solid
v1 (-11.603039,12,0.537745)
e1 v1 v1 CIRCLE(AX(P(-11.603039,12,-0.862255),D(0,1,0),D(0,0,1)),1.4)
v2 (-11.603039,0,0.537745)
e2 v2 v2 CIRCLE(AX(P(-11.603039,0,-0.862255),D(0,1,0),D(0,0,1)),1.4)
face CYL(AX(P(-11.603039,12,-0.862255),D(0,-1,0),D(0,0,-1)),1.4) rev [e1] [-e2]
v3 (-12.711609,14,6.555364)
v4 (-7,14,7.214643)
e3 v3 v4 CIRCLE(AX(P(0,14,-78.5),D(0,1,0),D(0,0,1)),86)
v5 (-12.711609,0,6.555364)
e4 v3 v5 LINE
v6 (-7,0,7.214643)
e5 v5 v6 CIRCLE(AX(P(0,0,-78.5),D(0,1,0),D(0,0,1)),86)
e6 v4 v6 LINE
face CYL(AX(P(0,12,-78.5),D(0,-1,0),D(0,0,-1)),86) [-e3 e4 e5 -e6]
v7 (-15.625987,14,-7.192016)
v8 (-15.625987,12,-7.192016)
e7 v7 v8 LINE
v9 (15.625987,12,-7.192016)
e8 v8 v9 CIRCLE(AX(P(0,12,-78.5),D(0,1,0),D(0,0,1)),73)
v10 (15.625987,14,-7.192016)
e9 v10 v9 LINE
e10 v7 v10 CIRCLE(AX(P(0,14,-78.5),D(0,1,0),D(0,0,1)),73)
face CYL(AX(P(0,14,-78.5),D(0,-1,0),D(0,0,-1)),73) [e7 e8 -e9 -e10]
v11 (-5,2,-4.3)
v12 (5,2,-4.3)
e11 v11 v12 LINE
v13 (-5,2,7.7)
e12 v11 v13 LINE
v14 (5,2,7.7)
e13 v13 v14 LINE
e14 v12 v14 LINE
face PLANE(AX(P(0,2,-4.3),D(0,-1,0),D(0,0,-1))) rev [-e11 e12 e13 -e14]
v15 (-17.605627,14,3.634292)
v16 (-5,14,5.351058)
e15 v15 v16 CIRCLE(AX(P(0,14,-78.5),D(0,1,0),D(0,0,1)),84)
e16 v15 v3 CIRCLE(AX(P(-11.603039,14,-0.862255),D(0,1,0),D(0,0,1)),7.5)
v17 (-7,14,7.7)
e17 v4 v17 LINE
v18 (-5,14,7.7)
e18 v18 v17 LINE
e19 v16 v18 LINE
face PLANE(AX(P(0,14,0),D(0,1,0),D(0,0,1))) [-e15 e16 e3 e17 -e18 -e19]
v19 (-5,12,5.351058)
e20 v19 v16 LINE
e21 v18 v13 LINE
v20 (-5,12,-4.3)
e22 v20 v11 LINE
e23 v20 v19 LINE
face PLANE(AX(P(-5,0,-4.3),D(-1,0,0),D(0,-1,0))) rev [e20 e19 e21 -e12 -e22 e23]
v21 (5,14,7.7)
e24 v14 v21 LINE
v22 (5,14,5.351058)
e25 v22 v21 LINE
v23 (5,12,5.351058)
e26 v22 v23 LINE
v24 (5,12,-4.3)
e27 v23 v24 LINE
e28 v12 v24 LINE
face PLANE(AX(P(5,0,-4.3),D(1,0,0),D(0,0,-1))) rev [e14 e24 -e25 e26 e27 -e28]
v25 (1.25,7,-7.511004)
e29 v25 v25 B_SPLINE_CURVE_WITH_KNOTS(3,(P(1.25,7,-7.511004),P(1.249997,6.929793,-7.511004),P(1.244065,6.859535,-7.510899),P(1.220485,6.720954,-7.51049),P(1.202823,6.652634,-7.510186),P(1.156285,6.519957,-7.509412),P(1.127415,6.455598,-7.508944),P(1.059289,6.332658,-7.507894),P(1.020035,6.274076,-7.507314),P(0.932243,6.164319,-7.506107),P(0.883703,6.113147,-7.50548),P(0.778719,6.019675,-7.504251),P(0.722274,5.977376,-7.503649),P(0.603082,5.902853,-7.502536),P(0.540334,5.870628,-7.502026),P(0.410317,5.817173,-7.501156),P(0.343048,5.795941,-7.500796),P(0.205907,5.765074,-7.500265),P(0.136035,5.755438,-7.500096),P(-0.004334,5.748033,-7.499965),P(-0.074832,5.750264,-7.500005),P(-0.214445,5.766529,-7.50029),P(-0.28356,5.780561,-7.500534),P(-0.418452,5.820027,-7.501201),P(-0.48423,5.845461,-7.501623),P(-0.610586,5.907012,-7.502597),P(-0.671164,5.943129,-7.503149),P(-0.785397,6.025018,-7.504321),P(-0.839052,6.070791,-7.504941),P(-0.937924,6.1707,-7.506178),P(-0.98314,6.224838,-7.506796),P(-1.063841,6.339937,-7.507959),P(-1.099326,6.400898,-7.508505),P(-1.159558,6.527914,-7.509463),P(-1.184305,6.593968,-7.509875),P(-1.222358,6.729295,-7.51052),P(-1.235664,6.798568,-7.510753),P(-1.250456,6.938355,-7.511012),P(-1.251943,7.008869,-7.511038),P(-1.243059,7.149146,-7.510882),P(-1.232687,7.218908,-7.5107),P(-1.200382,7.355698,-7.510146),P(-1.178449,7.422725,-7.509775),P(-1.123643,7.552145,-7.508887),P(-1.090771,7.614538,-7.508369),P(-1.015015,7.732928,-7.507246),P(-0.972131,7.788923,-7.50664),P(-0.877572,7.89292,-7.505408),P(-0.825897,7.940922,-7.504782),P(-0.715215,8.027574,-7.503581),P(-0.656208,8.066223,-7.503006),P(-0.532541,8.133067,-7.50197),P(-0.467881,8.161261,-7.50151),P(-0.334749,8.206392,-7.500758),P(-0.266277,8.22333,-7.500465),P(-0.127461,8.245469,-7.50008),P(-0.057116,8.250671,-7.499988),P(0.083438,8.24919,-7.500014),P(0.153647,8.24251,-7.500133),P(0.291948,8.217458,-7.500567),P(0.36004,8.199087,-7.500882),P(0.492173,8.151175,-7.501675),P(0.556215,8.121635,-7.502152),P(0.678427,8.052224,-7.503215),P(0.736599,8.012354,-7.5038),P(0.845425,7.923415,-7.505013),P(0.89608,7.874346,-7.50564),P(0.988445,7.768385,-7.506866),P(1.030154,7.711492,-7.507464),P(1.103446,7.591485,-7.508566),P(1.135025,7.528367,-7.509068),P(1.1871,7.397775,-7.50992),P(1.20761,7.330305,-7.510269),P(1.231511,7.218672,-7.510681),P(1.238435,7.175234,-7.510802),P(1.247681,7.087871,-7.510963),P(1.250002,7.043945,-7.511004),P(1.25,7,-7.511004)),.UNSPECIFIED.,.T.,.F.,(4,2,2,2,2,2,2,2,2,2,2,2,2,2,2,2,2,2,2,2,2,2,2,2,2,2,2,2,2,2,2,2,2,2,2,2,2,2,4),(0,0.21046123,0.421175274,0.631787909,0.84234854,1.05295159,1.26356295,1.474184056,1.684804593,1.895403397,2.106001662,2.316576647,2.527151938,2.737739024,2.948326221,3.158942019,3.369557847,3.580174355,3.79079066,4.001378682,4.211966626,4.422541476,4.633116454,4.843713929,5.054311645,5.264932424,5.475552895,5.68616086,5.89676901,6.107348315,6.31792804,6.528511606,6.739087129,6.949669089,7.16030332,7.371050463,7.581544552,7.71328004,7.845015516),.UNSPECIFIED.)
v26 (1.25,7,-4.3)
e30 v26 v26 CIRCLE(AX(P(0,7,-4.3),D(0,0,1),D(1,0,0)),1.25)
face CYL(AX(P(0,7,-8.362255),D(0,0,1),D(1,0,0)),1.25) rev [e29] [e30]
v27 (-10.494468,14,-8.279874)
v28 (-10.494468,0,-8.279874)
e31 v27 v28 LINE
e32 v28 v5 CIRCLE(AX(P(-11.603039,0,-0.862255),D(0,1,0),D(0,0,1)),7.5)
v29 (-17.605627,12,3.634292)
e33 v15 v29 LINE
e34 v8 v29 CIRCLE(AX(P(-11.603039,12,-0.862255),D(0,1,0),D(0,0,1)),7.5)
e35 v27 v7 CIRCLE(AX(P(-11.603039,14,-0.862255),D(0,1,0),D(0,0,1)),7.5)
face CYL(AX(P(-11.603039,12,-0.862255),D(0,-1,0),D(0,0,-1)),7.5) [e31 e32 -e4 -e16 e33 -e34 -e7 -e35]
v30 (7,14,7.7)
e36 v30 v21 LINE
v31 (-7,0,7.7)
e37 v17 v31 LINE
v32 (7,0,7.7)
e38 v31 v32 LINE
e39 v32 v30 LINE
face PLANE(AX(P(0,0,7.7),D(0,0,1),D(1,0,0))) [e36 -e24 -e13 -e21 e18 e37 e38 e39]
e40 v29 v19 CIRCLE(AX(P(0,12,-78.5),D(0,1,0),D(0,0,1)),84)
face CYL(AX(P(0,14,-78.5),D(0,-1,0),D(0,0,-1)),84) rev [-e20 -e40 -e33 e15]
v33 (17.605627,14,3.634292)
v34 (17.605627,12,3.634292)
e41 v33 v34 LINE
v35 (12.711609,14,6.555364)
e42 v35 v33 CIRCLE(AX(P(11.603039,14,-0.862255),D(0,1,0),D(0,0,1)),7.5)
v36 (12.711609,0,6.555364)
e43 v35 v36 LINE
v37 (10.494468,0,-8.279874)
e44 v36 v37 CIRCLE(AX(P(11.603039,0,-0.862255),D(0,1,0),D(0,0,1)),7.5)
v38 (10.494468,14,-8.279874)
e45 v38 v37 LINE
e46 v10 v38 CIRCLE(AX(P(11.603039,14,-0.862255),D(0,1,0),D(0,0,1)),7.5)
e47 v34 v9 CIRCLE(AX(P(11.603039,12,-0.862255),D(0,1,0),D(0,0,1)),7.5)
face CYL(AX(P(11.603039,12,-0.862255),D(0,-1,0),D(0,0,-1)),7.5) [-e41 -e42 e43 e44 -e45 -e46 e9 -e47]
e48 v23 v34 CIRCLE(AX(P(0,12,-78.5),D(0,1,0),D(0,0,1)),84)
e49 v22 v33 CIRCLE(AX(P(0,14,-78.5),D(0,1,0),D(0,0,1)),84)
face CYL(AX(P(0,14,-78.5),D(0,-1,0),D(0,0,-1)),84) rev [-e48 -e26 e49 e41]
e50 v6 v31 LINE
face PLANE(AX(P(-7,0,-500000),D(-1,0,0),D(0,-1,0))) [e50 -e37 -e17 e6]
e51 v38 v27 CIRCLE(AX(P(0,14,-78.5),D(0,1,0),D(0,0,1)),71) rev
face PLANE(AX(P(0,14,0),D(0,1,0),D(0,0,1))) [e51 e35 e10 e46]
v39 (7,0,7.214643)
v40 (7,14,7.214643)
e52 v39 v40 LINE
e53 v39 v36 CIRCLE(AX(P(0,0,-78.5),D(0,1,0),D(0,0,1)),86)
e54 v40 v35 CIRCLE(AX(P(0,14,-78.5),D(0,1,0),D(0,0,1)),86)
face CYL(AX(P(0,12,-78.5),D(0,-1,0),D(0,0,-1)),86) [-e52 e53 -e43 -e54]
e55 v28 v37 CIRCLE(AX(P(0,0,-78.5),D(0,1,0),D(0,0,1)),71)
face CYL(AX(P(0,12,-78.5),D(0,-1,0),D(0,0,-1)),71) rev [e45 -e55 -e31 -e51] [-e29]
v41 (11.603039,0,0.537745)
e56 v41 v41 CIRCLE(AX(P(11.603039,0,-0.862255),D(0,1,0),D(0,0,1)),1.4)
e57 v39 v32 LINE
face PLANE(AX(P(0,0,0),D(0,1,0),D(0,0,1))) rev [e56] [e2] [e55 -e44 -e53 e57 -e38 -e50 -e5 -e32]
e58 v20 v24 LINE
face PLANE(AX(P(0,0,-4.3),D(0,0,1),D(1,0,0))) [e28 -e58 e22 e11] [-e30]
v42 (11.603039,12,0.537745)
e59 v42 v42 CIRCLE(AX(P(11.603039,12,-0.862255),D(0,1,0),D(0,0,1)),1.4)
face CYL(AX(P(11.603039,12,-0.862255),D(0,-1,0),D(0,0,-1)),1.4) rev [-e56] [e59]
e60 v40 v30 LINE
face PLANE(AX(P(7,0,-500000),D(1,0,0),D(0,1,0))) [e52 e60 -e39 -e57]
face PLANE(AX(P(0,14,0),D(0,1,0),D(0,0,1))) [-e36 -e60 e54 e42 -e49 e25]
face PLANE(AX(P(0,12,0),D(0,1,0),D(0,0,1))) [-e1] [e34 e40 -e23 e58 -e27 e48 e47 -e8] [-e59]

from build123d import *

# Parameters (mm, degrees)
SKETCH2_R                = 1.4
BOSS_EXTRUDE1_DEPTH      = 12
BOSS_EXTRUDE5_DEPTH      = 2
BOSS_EXTRUDE2_REACH      = 30.617
BOSS_EXTRUDE2_END_RADIUS = 86
SKETCH3_W                = 14
SKETCH3_H                = 14
SKETCH15_W               = 10
SKETCH15_H               = 10
SKETCH15_H_2             = 2
CUT_EXTRUDE1_DEPTH       = 12
SKETCH16_R               = 1.25
CUT_EXTRUDE2_DEPTH       = 27.55044426


with BuildPart() as part:
    # Sketch2 → Boss-Extrude1 (new body)
    with BuildSketch(Plane(origin=(0, 0, 0), x_dir=(1, 0, 0), z_dir=(0, 1, 0))):
        with BuildLine():
            ThreePointArc((10.49446819, 8.279873701), (0, 7.5), (-10.49446819, 8.279873701))
            ThreePointArc((-10.49446819, 8.279873701), (-19.020657749, 1.97082531), (-12.711609357, -6.555364249))
            ThreePointArc((-12.711609357, -6.555364249), (0, -7.5), (12.711609357, -6.555364249))
            ThreePointArc((12.711609357, -6.555364249), (19.020657749, 1.97082531), (10.49446819, 8.279873701))
        make_face()
        with Locations(Location((-11.603038774, 0.862254726, 0), (0, 0, 270))):
            Circle(SKETCH2_R, mode=Mode.SUBTRACT)
        with Locations(Location((11.603038774, 0.862254726, 0), (0, 0, 270))):
            Circle(SKETCH2_R, mode=Mode.SUBTRACT)
    extrude(amount=BOSS_EXTRUDE1_DEPTH)

    # Sketch14 → Boss-Extrude5 (add)
    with BuildSketch(Plane(origin=(0, 12, 0), x_dir=(1, 0, 0), z_dir=(0, 1, 0))):
        with BuildLine():
            ThreePointArc((-10.49446819, 8.279873701), (-13.158435282, 8.199198347), (-15.625987479, 7.192016469))
            ThreePointArc((-15.625987479, 7.192016469), (0, 5.5), (15.625987479, 7.192016469))
            ThreePointArc((15.625987479, 7.192016469), (13.158435282, 8.199198347), (10.49446819, 8.279873701))
            ThreePointArc((10.49446819, 8.279873701), (0, 7.5), (-10.49446819, 8.279873701))
        make_face()
        with BuildLine():
            ThreePointArc((17.605627343, -3.634291778), (0, -5.5), (-17.605627343, -3.634291778))
            ThreePointArc((-17.605627343, -3.634291778), (-15.446905606, -5.577829728), (-12.711609357, -6.555364249))
            ThreePointArc((-12.711609357, -6.555364249), (0, -7.5), (12.711609357, -6.555364249))
            ThreePointArc((12.711609357, -6.555364249), (15.446905606, -5.577829728), (17.605627343, -3.634291778))
        make_face()
    extrude(amount=BOSS_EXTRUDE5_DEPTH)

    # Boss-Extrude2: up to this cylinder (the profile starts outside it)
    boss_extrude2_end = Plane(origin=(0, 7, -78.5), z_dir=(0, -1, 0)) * Cylinder(BOSS_EXTRUDE2_END_RADIUS, 234.234, mode=Mode.PRIVATE)
    # Sketch3 → Boss-Extrude2 (add, up to the surface)
    with BuildSketch(Plane.XY.offset(7.7), mode=Mode.PRIVATE) as boss_extrude2_sk1:
        with Locations((0, 7)):
            Rectangle(SKETCH3_W, SKETCH3_H)
    boss_extrude2_tool1 = extrude(boss_extrude2_sk1.sketch, amount=-BOSS_EXTRUDE2_REACH, mode=Mode.PRIVATE) - boss_extrude2_end
    add(boss_extrude2_tool1.solids().sort_by_distance((0, 7, 7.7))[0])

    # Sketch15 → Cut-Extrude1 (cut)
    with BuildSketch(Plane.XY.offset(7.7)):
        with Locations((0, 7)):
            Rectangle(SKETCH15_W, SKETCH15_H)
        with Locations((0, 13)):
            Rectangle(SKETCH15_W, SKETCH15_H_2)
    extrude(amount=-CUT_EXTRUDE1_DEPTH, mode=Mode.SUBTRACT)

    # Sketch16 → Cut-Extrude2 (cut, through all)
    with BuildSketch(Plane.XY.offset(-4.3)):
        with Locations((0, 7)):
            Circle(SKETCH16_R)
    extrude(amount=-CUT_EXTRUDE2_DEPTH, mode=Mode.SUBTRACT)


solid = part.part
